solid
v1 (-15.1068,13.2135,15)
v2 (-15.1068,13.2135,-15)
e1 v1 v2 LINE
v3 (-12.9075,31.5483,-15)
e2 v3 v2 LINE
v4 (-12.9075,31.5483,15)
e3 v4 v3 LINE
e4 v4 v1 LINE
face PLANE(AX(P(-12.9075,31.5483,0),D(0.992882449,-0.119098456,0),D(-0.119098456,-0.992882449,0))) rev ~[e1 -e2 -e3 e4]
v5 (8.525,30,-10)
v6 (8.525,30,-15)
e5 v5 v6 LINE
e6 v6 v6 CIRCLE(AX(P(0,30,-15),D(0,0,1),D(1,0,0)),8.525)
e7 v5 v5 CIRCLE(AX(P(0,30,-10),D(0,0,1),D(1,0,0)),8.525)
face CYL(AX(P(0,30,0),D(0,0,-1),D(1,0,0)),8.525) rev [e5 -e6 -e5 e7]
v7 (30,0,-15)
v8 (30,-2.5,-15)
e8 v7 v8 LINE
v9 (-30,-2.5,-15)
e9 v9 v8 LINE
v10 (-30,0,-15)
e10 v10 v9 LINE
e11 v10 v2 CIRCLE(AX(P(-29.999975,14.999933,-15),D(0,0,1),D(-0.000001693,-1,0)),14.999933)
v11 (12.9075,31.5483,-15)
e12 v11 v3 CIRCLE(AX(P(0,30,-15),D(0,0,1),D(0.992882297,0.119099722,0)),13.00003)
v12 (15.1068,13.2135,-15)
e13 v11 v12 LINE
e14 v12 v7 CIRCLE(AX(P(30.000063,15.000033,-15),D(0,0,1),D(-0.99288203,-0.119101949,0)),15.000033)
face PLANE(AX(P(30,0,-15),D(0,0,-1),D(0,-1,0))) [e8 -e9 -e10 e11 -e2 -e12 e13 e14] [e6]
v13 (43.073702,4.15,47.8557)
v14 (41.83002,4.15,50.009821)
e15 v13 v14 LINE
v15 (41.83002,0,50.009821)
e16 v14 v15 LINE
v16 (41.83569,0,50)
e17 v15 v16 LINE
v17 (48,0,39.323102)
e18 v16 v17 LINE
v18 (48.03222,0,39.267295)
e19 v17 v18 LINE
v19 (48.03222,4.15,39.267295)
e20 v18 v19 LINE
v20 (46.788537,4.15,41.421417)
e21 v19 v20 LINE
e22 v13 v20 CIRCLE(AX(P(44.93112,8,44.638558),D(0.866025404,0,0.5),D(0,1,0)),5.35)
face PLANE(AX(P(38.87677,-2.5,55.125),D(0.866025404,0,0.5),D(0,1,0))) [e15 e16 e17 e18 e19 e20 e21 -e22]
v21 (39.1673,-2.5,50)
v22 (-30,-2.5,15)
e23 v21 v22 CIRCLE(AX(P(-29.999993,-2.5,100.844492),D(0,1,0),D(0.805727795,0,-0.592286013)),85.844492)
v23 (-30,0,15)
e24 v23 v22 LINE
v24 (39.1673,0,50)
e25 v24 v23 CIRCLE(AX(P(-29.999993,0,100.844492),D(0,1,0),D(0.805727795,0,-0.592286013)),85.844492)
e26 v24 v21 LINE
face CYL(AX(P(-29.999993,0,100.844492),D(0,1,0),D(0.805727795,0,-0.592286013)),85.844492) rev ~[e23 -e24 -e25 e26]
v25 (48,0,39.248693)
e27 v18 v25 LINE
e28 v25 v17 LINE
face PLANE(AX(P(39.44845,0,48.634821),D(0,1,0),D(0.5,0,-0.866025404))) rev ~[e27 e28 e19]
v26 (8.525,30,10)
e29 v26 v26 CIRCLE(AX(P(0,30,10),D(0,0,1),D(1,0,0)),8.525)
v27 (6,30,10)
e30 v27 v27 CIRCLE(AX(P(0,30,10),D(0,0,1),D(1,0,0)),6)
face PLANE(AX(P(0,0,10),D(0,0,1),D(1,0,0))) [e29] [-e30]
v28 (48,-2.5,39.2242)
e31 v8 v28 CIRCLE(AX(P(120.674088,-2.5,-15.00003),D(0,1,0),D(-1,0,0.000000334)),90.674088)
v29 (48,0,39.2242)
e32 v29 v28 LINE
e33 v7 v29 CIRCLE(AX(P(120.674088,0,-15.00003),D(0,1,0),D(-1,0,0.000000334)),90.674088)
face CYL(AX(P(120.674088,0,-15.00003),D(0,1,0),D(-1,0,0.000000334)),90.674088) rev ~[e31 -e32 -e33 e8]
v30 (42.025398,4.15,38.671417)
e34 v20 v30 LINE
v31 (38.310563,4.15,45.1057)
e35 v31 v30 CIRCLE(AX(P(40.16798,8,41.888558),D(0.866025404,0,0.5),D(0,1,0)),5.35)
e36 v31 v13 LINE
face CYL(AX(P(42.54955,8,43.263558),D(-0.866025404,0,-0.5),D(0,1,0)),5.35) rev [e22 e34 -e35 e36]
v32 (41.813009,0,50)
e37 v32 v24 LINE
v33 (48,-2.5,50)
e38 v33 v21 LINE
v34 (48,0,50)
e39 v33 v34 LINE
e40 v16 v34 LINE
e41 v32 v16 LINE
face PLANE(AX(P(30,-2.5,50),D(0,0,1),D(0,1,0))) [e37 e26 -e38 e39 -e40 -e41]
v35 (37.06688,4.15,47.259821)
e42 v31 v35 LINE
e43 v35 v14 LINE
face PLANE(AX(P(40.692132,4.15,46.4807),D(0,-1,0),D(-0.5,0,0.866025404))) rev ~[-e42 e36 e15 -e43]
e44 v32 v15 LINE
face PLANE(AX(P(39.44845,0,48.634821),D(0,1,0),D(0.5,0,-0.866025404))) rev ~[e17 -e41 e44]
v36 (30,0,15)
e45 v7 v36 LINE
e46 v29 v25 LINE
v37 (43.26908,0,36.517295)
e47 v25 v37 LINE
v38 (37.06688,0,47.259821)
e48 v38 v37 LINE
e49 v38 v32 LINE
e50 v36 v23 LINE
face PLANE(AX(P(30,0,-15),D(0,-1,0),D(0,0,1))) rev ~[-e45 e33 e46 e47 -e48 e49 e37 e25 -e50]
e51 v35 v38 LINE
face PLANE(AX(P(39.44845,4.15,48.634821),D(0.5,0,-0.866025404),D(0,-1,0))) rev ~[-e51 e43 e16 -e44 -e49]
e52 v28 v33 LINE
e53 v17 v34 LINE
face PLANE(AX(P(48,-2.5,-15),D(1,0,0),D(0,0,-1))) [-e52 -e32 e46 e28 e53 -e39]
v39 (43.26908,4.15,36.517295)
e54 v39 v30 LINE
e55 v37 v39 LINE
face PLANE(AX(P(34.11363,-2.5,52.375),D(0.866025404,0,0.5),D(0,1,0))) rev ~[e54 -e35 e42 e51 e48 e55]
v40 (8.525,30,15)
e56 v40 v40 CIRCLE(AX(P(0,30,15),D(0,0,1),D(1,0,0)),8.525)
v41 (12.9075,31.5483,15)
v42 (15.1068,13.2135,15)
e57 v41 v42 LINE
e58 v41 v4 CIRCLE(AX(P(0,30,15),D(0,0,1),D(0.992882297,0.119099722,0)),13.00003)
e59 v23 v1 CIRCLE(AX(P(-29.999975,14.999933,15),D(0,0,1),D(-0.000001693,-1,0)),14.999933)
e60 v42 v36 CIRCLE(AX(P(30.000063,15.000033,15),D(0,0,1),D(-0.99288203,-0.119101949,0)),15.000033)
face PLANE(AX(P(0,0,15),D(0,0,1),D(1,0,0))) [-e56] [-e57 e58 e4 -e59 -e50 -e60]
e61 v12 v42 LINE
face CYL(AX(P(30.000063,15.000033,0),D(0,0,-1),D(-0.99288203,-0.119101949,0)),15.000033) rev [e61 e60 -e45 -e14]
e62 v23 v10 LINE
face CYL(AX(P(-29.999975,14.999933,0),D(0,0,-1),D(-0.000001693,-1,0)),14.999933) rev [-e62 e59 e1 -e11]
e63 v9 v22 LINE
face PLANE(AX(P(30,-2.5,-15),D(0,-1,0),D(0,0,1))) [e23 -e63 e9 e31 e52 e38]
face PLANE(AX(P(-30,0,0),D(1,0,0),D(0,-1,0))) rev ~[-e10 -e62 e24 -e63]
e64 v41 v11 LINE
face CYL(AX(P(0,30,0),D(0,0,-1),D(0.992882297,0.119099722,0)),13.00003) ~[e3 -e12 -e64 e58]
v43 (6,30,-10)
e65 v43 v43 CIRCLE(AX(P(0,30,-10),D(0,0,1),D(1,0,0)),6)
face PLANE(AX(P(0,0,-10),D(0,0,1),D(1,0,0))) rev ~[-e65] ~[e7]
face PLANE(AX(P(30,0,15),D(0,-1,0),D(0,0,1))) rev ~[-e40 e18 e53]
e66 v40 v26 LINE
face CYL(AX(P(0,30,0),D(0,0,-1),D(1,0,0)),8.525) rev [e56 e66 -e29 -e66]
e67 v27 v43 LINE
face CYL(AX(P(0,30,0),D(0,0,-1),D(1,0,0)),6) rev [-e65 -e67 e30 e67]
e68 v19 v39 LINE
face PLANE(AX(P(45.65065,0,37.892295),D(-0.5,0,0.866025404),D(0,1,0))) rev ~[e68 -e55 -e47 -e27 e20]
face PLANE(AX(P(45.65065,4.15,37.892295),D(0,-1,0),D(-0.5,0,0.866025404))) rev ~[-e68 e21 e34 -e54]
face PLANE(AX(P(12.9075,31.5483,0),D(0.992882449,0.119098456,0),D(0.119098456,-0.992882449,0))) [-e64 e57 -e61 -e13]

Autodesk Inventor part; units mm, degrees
ref_plane "YZ Plane" through (0, 0, 0) normal (1, 0, 0) x (0, 1, 0)
ref_plane "XZ Plane" through (0, 0, 0) normal (0, 1, 0) x (-1, 0, 0)
sketch "Sketch1" plane through (0, 0, 0) normal (0, 0, 1) x (1, 0, 0)
  circle A0 centre (0, 30) radius 8.525
  circle A1 centre (0, 30) radius 6
  arc A2 (-30, 0) -> (-15.1068, 13.2135) centre (-30, 15) ccw
  arc A3 (15.1068, 13.2135) -> (30, 0) centre (30, 15) ccw
  arc A4 (12.9075, 31.5483) -> (-12.9075, 31.5483) centre (0, 30) ccw
  line L0 (-12.9075, 31.5483) -> (-15.1068, 13.2135)
  line L1 (12.9075, 31.5483) -> (15.1068, 13.2135)
  line L2 (30, 0) -> (-30, 0)
  line L3 (-30, 0) -> (-30, -2.5)
  line L4 (-30, -2.5) -> (30, -2.5)
  line L5 (30, -2.5) -> (30, 0)
  point P0 (0, 0)
  point P1 (0, 0)
  dimension "d2" = 17.05
  dimension "d3" = 12
  dimension "d9" = 30
  dimension "d12" = 13
  dimension "d15" = 15
  dimension "d16" = 60
  dimension "d17" = 2.5
extrude "Extrusion3" add sketch "Sketch1" along normal mid plane 30 contours A2 L0 A4 L1 A3 L2
extrude "Extrusion4" add sketch "Sketch1" along normal mid plane 20 contours A0
extrude "Extrusion5" add sketch "Sketch1" against normal blind 15 contours L2 L5 L4 L3
extrude "Extrusion6" add sketch "Sketch1" along normal blind 50 contours L2 L5 L4 L3
ref_plane "Work Plane1" through (30, -2.5, 50) normal (0.866, 0, 0.5) x (0, 1, 0)
ref_plane "Work Plane3" through (36.4952, -2.5, 53.75) normal (0.866, 0, 0.5) x (0, 1, 0)
sketch "Sketch5" plane through (36.4952, -2.5, 53.75) normal (0.866, 0, 0.5) x (0, 1, 0)
  line L0 (2.5, -30.3109) -> (2.5, -18.3109) construction
  circle A0 centre (10.5, -12.1087) radius 5.35
  circle A1 centre (10.5, -12.1087) radius 7.3 construction
  line L1 (2.5, -18.3109) -> (6.65, -18.3109)
  line L2 (6.65, -18.3109) -> (6.65, -5.9065)
  line L3 (6.65, -5.9065) -> (2.5, -5.9065)
  line L4 (2.5, -5.9065) -> (2.5, -18.3109)
  point P0 (6.65, -15.8235)
  point P1 (6.65, -8.3938)
  dimension "d46" = 12
  dimension "d47" = 10.7
  dimension "d48" = 14.6
  dimension "d49" = 8
  dimension "d51" = 1.5
extrude "Extrusion9" add sketch "Sketch5" along normal mid plane 5.5 contours A0 L2 L1 L4 L3
sketch "Sketch6" plane through (30, -2.5, -15) normal (1, 0, 0) x (0, 0, -1)
  line L0 (0, 0) -> (-65, 0) projected
  line L1 (0, 2.5) -> (0, 0) projected
  line L2 (0, 2.5) -> (-30, 2.5) projected
  line L3 (-30, 2.5) -> (-65, 2.5) projected
  line L4 (-65, 0) -> (-65, 2.5) projected
  point P0 (-15, 2.5)
extrude "Extrusion10" add sketch "Sketch6" along normal blind 18
sketch "Sketch7" plane through (-30, 0, 15) normal (0, 1, 0) x (1, 0, 0)
  line L0 (0, 30) -> (0, -35) projected
  arc A0 (69.1673, -35) -> (0, 0) centre (0, -85.8445) ccw
  line L1 (0, -35) -> (78, -35) projected
  line L2 (0, 0) -> (60, 0) projected
  arc A1 (60, 30) -> (78, -24.2242) centre (150.6739, 30) ccw
  line L3 (60, 30) -> (60, 0) projected
  line L4 (78, 30) -> (78, -35) projected
  line L5 (60, 30) -> (78, 30) projected
  point P0 (30, 15)
  point P1 (67.0668, -32.2599)
  point P2 (78.0322, -24.2673)
extrude "Extrusion11" cut sketch "Sketch7" against normal through all contours A0 L1 L0 | L5 L4 A1
properties part number "Support"
